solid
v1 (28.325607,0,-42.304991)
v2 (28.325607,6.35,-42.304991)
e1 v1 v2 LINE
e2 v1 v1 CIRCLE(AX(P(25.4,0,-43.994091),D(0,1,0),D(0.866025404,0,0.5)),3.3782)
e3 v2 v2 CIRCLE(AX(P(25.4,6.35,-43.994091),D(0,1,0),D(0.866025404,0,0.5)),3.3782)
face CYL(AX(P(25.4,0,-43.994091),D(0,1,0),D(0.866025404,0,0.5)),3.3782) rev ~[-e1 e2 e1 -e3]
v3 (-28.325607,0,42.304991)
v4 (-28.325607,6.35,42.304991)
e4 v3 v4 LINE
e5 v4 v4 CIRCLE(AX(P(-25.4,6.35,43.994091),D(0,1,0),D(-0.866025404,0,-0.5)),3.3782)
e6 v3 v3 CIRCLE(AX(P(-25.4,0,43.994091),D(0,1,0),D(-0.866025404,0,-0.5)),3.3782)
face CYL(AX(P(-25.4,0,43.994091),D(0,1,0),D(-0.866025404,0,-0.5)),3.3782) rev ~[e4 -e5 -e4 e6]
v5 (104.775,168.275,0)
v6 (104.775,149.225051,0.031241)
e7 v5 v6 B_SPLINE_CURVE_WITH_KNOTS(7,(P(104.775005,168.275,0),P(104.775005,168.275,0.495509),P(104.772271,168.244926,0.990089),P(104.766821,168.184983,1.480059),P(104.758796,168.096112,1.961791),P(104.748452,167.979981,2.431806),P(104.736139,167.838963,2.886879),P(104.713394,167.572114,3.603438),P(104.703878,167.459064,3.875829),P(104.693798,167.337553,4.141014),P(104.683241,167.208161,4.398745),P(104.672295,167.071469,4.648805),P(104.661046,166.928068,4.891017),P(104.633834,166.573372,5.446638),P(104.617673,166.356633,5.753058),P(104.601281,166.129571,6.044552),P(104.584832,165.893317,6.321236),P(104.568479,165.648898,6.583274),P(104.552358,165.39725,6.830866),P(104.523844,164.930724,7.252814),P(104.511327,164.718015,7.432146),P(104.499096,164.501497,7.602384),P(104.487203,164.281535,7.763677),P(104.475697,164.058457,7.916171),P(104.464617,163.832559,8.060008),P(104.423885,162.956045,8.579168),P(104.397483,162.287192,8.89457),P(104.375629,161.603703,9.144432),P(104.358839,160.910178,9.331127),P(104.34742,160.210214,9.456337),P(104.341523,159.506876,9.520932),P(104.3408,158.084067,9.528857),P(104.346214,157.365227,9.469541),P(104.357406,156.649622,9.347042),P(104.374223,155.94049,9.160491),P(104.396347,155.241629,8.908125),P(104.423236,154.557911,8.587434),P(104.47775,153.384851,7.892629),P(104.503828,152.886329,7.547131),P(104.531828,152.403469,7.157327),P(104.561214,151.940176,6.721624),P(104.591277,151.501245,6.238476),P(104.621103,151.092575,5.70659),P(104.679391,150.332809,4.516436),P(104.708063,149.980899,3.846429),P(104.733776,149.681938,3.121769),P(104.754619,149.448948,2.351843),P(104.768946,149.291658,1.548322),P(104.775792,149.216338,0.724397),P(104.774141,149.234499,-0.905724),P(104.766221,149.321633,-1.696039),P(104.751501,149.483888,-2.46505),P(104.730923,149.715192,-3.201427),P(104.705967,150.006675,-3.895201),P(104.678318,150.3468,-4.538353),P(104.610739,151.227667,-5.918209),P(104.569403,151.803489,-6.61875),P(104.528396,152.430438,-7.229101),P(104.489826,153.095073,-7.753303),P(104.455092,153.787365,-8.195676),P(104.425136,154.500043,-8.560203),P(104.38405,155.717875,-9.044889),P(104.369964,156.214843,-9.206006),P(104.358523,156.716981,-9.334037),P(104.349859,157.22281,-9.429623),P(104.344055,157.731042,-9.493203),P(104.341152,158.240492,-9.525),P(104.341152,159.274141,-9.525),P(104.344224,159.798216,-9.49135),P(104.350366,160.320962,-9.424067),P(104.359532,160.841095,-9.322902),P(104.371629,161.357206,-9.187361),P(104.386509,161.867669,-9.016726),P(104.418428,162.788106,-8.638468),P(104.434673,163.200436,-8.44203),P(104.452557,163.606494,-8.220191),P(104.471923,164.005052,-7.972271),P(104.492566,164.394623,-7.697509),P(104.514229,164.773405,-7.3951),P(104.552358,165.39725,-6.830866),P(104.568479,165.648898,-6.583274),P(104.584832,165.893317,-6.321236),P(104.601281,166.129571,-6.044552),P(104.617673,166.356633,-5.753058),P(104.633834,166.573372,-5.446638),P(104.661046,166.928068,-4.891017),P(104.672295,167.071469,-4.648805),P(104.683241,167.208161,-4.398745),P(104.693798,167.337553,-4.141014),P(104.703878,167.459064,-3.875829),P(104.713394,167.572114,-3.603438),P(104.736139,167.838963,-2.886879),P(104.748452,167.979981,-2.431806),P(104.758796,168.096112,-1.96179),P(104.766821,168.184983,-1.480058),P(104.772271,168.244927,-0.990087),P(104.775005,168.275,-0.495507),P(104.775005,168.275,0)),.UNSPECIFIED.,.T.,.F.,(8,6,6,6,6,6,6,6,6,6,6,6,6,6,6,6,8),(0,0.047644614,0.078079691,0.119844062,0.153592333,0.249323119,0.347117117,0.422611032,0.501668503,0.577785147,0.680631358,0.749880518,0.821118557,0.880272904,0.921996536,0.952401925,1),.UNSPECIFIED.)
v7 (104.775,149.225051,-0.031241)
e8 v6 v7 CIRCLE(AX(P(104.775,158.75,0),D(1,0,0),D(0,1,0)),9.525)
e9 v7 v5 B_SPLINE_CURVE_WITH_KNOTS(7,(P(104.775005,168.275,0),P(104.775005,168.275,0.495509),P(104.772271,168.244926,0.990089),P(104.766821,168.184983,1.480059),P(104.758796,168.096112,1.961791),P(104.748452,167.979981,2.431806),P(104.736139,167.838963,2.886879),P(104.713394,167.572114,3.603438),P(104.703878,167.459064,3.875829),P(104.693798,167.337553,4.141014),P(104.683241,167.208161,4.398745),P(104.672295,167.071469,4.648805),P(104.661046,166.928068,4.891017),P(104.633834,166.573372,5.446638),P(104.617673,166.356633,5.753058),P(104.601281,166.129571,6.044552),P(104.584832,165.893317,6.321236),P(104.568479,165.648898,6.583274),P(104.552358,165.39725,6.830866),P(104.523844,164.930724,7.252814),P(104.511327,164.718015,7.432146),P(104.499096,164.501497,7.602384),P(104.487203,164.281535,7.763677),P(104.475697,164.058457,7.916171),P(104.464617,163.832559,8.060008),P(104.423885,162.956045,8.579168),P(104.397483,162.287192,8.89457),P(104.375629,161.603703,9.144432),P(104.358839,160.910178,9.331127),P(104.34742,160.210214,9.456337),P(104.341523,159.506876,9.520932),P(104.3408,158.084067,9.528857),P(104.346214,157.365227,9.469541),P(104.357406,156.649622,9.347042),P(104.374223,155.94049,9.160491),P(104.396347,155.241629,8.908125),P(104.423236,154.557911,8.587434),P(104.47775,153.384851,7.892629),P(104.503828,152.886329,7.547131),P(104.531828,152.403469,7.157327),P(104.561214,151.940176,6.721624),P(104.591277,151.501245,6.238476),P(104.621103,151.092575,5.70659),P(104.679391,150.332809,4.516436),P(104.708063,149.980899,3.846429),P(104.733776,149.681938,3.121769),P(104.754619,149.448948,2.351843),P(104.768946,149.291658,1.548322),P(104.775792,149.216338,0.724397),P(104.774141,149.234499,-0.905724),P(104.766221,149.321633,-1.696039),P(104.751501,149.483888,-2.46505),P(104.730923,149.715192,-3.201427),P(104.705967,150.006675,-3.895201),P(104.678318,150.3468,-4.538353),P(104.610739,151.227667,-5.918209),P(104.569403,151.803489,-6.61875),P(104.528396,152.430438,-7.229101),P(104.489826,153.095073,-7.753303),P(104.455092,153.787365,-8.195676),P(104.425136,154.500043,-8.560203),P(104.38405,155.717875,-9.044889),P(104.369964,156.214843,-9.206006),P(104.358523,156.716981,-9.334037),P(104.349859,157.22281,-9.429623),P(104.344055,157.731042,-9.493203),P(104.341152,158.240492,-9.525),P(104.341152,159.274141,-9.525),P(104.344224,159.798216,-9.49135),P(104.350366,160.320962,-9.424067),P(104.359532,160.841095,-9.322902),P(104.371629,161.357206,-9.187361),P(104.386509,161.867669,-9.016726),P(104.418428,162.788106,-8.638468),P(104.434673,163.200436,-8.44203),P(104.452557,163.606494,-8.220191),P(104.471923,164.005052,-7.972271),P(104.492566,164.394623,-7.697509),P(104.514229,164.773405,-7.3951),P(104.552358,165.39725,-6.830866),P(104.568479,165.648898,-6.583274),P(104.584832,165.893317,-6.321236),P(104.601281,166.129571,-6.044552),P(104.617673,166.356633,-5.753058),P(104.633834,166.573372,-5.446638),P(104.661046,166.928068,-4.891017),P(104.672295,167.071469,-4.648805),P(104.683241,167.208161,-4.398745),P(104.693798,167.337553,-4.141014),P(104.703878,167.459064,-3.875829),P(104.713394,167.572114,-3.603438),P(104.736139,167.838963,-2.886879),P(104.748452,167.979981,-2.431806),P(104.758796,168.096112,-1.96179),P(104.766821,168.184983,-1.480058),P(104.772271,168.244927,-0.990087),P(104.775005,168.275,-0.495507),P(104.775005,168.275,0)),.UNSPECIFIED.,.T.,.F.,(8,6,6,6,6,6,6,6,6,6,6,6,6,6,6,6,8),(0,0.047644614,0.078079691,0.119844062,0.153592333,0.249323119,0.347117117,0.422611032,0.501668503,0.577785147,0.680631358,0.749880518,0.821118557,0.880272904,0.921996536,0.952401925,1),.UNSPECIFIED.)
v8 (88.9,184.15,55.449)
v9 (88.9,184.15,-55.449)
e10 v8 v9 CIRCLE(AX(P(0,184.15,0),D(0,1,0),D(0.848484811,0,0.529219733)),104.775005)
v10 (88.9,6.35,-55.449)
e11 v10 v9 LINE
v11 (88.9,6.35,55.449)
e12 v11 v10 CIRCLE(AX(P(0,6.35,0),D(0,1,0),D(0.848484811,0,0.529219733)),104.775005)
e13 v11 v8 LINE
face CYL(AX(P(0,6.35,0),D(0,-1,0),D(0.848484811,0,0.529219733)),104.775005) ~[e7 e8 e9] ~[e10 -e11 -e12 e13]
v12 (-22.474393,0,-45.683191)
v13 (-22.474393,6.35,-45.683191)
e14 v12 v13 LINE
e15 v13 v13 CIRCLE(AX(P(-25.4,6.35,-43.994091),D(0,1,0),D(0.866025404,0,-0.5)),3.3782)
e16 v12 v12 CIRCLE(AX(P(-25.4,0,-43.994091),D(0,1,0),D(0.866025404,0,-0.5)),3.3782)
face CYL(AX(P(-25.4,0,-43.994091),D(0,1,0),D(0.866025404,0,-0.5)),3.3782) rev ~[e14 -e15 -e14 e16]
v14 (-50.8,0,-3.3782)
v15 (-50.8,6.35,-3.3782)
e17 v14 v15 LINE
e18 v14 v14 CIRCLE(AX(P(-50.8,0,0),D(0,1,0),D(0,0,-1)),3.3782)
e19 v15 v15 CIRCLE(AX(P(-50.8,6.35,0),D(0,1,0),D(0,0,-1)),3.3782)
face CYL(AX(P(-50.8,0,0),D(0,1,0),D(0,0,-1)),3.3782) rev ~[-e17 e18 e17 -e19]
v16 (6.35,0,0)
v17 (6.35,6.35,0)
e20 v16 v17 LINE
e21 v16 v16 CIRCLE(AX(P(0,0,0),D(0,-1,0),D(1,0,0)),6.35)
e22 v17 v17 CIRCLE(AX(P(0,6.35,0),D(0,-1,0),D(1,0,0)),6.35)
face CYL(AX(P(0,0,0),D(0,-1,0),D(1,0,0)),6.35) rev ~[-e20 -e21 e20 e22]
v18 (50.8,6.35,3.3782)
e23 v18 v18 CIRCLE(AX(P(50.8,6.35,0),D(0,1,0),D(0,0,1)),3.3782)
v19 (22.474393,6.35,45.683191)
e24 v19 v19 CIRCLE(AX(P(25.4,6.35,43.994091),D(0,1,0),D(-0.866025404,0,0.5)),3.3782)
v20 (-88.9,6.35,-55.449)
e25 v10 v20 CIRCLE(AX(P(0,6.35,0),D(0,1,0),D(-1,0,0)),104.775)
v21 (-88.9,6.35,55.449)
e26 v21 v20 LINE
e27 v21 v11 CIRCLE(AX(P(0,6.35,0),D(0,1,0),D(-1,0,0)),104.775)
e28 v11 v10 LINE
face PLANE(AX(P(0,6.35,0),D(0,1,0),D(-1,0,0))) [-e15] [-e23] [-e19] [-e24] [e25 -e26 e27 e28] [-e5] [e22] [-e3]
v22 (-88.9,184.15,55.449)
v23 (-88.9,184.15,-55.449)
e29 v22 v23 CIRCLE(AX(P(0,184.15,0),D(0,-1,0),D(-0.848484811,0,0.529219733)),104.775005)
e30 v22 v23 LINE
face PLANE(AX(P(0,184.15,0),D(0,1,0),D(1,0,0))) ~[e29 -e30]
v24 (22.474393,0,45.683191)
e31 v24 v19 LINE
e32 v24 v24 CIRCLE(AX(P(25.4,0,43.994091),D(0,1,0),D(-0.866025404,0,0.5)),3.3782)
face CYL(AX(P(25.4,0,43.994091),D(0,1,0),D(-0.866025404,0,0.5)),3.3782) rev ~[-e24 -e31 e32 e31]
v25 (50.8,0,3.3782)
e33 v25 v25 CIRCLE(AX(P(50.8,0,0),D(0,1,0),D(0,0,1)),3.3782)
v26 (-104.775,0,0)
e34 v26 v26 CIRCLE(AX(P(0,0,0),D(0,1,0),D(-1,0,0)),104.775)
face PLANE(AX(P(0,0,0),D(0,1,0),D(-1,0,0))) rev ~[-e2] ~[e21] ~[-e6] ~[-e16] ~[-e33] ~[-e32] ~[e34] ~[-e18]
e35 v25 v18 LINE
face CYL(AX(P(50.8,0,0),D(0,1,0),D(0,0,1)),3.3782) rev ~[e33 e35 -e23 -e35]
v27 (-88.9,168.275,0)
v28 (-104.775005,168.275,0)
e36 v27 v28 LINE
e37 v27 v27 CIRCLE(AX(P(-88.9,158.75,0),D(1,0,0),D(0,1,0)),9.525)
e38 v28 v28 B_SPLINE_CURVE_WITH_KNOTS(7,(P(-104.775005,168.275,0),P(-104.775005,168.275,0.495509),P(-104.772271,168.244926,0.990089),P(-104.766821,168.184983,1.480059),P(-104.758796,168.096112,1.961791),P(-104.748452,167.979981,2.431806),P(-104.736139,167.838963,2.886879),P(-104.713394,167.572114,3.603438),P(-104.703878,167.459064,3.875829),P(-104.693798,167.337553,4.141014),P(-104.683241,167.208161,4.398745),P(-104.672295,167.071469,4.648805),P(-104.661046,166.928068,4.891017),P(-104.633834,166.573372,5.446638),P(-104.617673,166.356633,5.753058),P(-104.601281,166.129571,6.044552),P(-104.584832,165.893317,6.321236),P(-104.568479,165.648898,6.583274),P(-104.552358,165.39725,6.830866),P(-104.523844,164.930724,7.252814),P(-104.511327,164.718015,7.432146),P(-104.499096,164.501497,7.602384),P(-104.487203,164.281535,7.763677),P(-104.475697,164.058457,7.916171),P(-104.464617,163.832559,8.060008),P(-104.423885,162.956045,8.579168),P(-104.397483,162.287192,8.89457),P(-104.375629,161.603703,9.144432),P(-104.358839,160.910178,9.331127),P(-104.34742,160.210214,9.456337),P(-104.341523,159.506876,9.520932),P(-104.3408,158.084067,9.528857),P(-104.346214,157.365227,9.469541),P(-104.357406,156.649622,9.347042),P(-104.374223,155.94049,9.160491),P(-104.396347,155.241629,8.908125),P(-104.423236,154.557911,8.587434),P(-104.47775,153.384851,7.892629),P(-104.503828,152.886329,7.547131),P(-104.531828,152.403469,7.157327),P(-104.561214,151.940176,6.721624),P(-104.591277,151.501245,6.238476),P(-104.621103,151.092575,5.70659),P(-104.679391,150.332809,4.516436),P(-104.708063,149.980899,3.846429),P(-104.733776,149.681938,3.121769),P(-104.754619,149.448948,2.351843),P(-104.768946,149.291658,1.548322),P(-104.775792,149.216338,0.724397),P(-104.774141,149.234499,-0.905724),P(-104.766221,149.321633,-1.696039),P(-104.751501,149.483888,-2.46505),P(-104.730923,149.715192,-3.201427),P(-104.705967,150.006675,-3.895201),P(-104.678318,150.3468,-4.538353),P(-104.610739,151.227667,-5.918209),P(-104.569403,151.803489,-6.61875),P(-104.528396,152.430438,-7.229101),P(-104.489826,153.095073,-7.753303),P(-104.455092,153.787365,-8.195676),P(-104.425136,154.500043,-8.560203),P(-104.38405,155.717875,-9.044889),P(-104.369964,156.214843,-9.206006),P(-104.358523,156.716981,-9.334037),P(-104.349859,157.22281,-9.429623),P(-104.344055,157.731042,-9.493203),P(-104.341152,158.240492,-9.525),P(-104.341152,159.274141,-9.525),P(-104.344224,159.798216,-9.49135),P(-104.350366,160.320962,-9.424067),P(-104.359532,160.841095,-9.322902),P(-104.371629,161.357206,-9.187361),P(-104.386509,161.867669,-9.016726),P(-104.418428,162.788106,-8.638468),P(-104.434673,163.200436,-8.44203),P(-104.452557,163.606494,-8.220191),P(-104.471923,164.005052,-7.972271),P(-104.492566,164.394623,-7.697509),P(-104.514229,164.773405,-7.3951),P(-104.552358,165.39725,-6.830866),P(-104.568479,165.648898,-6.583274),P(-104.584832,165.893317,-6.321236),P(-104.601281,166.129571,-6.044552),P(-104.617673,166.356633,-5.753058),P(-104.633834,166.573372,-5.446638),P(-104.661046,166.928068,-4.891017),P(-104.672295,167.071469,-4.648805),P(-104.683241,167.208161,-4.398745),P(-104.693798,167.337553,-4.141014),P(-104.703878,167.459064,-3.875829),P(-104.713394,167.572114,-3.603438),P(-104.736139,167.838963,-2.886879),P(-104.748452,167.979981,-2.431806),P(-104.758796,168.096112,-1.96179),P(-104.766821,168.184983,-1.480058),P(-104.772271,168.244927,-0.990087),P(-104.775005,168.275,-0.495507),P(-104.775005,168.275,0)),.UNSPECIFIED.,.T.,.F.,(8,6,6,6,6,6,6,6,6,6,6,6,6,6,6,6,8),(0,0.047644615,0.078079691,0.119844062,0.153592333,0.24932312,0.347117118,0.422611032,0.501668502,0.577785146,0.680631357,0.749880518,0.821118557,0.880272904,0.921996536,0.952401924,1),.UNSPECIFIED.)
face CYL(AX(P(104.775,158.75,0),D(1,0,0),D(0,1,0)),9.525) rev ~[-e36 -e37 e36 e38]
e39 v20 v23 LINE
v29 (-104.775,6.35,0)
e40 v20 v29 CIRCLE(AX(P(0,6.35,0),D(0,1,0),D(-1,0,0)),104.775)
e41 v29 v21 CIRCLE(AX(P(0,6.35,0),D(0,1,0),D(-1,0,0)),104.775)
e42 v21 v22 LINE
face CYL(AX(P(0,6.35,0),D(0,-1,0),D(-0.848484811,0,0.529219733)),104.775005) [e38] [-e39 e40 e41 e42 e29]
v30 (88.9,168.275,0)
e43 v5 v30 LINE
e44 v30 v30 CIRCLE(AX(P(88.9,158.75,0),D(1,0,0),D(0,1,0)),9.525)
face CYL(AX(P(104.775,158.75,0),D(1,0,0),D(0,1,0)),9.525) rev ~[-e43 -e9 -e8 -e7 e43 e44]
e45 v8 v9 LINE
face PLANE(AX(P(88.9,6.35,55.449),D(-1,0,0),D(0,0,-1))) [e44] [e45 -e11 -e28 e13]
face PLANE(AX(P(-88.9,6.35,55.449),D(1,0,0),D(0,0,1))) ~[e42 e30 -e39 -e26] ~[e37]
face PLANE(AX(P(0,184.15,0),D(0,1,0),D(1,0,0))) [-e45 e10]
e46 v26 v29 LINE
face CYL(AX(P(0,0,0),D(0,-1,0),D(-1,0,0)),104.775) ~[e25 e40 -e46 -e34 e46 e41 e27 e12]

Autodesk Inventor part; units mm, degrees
ref_plane "XZ Plane" through (0, 0, 0) normal (0, 1, 0) x (-1, 0, 0)
ref_plane "XY Plane" through (0, 0, 0) normal (0, 0, 1) x (1, 0, 0)
sketch "Sketch1" plane through (0, 0, 0) normal (0, 1, 0) x (-1, 0, 0)
  circle A0 centre (0, 0) radius 104.775
  dimension "baseOutsideDiameter" = 209.55
extrude "Extrusion1" add sketch "Sketch1" along normal blind 6.35
sketch "Sketch7" plane through (0, 6.35, 0) normal (0, 1, 0) x (1, 0, 0)
  line L0 (0, 0) -> (0, 104.775) construction
  circle A0 centre (0, 0) radius 104.775 construction
  line L1 (88.9, -55.449) -> (88.9, 55.449)
  arc A1 (88.9, -55.449) -> (88.9, 55.449) centre (0, 0) ccw
  dimension "spaceforTube" = 88.9
extrude "Extrusion7" add sketch "Sketch7" along normal blind 177.8
mirror "Mirror1" about plane through (0, 0, 0) normal (1, 0, 0) of "Extrusion7"
ref_plane "Work Plane2" through (104.775, 0, 0) normal (1, 0, 0) x (0, 1, 0)
sketch "Sketch8" plane through (104.775, 0, 0) normal (1, 0, 0) x (0, 1, 0)
  circle A0 centre (158.75, 0) radius 9.525
  line L0 (6.35, 55.449) -> (6.35, 104.775) projected
  point P0 (0, 0)
  dimension "d34" = 19.05
  dimension "holeHeight" = 152.4
extrude "Extrusion8" cut sketch "Sketch8" against normal through all
sketch "Sketch9" plane through (0, 0, 0) normal (0, -1, 0) x (1, 0, 0)
  circle A0 centre (0, 0) radius 6.35
  dimension "d47" = 12.7
extrude "Extrusion9" cut sketch "Sketch9" against normal through all
sketch "Sketch10" plane through (0, 0, 0) normal (0, -1, 0) x (1, 0, 0)
  point P0 (0, 0)
  point P1 (-50.8, 0)
  dimension "d50" = 50.8
hole "Hole1" at (-50.8, 0, 0) direction (0, 1, 0) diameter 6.7564 end through all clearance for "Socket Head Cap Screw" size "1/4" standard "Ansi Unified Screw Threads"
pattern_circular "Circular Pattern2" count 6 over 360 about axis through (0, -10, 0) along (0, 1, 0) of "Hole1"
equation "\"spaceforTube\" = bracketWidth + 0.5 * tubeDiameter"
equation "\"tubeDiameter\" = 165.1"
equation "\"bracketWidth\" = 6.35"
properties part number "topOfRaBase" material "ABS Plastic"
